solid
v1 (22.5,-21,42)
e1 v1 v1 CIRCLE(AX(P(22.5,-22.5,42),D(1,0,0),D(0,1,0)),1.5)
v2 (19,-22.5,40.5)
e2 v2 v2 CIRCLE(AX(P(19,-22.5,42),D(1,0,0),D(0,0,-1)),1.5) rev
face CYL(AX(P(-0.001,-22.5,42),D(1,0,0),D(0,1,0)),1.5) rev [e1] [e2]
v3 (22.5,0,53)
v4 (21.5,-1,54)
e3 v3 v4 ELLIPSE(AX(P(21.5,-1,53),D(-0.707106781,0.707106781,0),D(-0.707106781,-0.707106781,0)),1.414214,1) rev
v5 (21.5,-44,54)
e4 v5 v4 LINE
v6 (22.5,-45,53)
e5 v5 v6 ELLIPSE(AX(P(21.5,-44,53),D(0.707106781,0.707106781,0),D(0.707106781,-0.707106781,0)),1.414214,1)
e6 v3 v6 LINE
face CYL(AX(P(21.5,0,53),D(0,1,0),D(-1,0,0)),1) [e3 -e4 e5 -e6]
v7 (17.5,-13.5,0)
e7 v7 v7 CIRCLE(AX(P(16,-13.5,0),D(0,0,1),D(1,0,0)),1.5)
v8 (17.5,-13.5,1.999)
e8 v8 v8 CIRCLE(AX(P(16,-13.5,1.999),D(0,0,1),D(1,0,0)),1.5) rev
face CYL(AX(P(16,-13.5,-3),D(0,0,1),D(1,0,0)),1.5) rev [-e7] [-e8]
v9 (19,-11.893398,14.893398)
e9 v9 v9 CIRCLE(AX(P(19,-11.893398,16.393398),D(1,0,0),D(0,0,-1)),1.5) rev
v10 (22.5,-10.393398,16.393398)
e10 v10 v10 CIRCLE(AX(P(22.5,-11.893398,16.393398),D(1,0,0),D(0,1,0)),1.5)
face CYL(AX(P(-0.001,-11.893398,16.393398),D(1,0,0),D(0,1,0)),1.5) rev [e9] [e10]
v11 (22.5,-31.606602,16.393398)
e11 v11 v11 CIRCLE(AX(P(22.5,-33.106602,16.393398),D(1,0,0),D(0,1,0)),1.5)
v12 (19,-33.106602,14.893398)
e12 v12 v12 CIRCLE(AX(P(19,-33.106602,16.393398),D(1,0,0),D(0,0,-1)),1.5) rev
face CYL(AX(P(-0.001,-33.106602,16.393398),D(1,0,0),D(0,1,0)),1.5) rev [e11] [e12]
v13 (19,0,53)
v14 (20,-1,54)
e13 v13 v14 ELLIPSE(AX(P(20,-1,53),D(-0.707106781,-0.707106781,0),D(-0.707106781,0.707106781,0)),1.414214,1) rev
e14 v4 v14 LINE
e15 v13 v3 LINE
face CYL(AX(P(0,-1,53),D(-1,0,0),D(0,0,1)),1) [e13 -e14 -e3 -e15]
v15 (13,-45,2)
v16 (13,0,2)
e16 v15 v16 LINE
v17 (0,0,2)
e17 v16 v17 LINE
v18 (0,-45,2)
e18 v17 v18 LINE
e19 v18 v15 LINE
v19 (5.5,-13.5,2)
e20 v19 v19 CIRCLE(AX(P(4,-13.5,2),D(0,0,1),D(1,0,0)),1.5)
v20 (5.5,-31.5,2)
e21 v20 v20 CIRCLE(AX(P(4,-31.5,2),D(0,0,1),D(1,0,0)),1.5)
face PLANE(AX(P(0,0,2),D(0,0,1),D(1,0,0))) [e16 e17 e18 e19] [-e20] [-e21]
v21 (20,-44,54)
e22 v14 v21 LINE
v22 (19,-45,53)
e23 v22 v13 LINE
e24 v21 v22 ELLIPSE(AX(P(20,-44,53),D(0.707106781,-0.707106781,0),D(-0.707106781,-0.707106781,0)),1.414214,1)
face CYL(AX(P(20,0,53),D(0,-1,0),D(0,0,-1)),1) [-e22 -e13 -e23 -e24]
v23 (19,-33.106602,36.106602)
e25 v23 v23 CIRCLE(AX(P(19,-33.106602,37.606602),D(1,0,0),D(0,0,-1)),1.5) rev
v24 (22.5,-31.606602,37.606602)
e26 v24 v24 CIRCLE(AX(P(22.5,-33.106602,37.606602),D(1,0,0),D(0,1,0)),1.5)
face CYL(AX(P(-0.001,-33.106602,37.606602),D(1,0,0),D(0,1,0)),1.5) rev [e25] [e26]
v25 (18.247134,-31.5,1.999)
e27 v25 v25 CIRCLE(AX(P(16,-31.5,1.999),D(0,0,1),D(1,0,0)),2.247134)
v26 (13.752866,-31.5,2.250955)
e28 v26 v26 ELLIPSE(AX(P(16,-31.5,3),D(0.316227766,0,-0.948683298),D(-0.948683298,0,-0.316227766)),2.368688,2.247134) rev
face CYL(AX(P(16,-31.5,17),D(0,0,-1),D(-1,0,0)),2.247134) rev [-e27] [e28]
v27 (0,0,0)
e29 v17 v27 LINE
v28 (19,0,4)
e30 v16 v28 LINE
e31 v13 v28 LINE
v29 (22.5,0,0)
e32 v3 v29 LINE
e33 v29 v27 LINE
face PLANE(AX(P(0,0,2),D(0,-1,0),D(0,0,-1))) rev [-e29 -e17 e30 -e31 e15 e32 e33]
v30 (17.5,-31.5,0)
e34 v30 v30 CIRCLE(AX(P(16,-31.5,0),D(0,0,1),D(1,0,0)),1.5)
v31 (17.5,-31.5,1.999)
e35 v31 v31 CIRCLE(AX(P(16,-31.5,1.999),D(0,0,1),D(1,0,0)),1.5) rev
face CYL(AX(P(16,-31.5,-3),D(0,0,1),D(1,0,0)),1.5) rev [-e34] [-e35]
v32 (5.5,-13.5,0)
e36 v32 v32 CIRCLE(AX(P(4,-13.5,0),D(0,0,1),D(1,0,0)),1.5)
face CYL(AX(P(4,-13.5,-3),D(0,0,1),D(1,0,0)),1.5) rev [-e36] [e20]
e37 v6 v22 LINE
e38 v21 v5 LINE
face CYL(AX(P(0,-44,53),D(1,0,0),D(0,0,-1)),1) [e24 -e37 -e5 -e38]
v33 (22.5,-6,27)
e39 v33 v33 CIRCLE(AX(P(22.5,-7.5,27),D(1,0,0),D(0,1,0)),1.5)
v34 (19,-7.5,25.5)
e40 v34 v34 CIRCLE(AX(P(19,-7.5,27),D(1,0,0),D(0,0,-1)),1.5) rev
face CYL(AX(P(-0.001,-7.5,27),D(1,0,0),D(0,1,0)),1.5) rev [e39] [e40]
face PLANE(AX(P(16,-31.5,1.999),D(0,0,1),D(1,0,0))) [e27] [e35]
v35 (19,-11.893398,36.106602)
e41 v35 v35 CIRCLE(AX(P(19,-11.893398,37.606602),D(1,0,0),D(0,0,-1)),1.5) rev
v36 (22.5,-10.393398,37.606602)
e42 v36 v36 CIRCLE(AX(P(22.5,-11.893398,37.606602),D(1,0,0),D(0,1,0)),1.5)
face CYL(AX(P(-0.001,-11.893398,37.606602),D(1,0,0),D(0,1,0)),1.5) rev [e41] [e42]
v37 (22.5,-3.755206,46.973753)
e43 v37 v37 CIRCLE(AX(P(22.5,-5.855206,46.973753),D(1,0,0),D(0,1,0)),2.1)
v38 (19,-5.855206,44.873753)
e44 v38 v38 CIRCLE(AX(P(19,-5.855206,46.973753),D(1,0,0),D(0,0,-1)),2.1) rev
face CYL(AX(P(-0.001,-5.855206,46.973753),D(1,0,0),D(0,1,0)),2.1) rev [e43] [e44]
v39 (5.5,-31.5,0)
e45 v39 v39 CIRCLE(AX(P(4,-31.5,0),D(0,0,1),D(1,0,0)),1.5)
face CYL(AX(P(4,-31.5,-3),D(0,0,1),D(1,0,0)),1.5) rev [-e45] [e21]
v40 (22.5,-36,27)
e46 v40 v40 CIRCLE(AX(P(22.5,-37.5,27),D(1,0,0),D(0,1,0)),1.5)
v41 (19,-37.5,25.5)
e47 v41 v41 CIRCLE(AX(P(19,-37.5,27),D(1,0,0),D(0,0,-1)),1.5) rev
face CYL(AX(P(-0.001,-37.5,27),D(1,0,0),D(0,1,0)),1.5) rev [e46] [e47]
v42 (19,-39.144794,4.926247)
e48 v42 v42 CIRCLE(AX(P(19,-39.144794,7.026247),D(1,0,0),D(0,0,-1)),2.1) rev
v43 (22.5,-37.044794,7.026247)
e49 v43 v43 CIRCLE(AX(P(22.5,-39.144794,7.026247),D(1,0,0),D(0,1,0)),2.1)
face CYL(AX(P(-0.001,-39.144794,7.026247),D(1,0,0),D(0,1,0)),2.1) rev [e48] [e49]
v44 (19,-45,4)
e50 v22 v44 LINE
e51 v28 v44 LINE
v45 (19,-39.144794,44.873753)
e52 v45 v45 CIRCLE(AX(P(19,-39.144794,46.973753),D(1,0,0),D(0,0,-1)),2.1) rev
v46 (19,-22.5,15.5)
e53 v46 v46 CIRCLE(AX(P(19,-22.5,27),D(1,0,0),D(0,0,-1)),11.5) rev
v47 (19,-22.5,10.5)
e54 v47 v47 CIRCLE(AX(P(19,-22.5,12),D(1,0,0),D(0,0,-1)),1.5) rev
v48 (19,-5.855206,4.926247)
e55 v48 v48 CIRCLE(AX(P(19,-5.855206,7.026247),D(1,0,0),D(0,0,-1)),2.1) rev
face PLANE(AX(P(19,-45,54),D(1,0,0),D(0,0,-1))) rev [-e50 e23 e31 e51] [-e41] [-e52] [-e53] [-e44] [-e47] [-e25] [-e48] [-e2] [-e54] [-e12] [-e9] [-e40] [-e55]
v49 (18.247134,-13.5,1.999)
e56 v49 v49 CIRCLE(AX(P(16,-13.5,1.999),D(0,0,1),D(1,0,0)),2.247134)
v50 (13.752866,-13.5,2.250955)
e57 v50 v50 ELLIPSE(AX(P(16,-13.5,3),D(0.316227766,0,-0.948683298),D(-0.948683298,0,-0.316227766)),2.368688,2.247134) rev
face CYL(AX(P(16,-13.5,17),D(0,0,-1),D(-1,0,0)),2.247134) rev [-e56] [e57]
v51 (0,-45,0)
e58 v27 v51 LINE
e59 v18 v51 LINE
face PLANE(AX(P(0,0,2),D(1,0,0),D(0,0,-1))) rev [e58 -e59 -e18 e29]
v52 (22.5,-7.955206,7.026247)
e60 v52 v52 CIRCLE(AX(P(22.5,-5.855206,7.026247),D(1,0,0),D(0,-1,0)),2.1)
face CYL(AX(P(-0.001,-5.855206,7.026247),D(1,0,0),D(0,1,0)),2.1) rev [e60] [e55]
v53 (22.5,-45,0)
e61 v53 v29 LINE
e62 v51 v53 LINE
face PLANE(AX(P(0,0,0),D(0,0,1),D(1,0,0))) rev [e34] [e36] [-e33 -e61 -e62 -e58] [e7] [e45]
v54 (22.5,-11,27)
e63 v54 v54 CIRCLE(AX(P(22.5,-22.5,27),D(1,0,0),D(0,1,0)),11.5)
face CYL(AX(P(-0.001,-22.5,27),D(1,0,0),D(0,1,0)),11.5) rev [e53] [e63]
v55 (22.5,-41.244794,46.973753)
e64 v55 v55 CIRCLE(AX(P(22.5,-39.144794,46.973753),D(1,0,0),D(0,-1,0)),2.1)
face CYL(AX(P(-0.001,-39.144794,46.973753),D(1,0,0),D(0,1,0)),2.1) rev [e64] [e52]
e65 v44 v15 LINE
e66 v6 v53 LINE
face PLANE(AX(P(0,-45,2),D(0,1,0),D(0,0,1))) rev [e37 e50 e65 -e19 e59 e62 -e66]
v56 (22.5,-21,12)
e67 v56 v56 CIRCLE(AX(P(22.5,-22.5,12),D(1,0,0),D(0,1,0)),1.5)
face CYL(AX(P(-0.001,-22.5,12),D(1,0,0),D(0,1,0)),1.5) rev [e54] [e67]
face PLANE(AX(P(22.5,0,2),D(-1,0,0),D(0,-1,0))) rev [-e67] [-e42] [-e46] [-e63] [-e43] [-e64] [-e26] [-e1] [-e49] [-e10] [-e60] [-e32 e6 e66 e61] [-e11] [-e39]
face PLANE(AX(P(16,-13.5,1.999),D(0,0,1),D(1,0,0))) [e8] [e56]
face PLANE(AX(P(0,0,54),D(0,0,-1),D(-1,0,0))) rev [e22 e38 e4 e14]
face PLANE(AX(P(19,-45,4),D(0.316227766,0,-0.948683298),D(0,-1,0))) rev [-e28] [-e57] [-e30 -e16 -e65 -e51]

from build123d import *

# Parameters (mm, degrees)
SKETCH_1_W               = 22.5
SKETCH_1_H               = 45
EXTRUDE_1_DEPTH          = 2
SKETCH_2_W               = 3.5
SKETCH_2_H               = 45
EXTRUDE_2_DEPTH          = 52
CUT_EXTRUDE_2_REACH      = 24.5
SKETCH_3_R               = 2.1
SKETCH_3_R_2             = 11.5
SKETCH_3_R_3             = 1.5
CHAMFER_1_SIZE           = 6
CHAMFER_1_SIZE2          = 2
FILLET_1_R               = 1
SKETCH_4_R               = 1.5
CUT_EXTRUDE_3_DEPTH      = 5
SKETCH_5_R               = 2.24713436
CUT_EXTRUDE_4_DEPTH      = 15
CUT_EXTRUDE_4_DEPTH_BACK = 0.001


with BuildPart() as part:
    # 草图1 → 凸台-拉伸1 (new body)
    with BuildSketch(Plane.XY):
        with Locations((11.25, -22.5)):
            Rectangle(SKETCH_1_W, SKETCH_1_H)
    extrude(amount=EXTRUDE_1_DEPTH)

    # 草图2 → 凸台-拉伸2 (add)
    with BuildSketch(Plane.XY.offset(2)):
        with Locations((20.75, -22.5)):
            Rectangle(SKETCH_2_W, SKETCH_2_H)
    extrude(amount=EXTRUDE_2_DEPTH)

    # 草图3 → 切除-拉伸2 (cut, up to next)
    with BuildSketch(Plane(origin=(22.5, 0, 0), x_dir=(0, 0, -1), z_dir=(1, 0, 0)), mode=Mode.PRIVATE) as cut_extrude_2_sk1:
        with Locations((-46.97375327, -5.855205609)):
            Circle(SKETCH_3_R)
    cut_extrude_2_tool1 = extrude(cut_extrude_2_sk1.sketch, amount=-CUT_EXTRUDE_2_REACH, mode=Mode.PRIVATE) & part.part
    add(cut_extrude_2_tool1.solids().sort_by_distance((22.5, -5.855206, 46.973753))[0], mode=Mode.SUBTRACT)
    # 草图3 → 切除-拉伸2 (cut, up to next)
    with BuildSketch(Plane(origin=(22.5, 0, 0), x_dir=(0, 0, -1), z_dir=(1, 0, 0)), mode=Mode.PRIVATE) as cut_extrude_2_sk2:
        with Locations((-7.02624673, -39.144794391)):
            Circle(SKETCH_3_R)
    cut_extrude_2_tool2 = extrude(cut_extrude_2_sk2.sketch, amount=-CUT_EXTRUDE_2_REACH, mode=Mode.PRIVATE) & part.part
    add(cut_extrude_2_tool2.solids().sort_by_distance((22.5, -39.144794, 7.026247))[0], mode=Mode.SUBTRACT)
    # 草图3 → 切除-拉伸2 (cut, up to next)
    with BuildSketch(Plane(origin=(22.5, 0, 0), x_dir=(0, 0, -1), z_dir=(1, 0, 0)), mode=Mode.PRIVATE) as cut_extrude_2_sk3:
        with Locations((-27, -22.5)):
            Circle(SKETCH_3_R_2)
    cut_extrude_2_tool3 = extrude(cut_extrude_2_sk3.sketch, amount=-CUT_EXTRUDE_2_REACH, mode=Mode.PRIVATE) & part.part
    add(cut_extrude_2_tool3.solids().sort_by_distance((22.5, -22.5, 27))[0], mode=Mode.SUBTRACT)
    # 草图3 → 切除-拉伸2 (cut, up to next)
    with BuildSketch(Plane(origin=(22.5, 0, 0), x_dir=(0, 0, -1), z_dir=(1, 0, 0)), mode=Mode.PRIVATE) as cut_extrude_2_sk4:
        with Locations((-46.97375327, -39.144794391)):
            Circle(SKETCH_3_R)
    cut_extrude_2_tool4 = extrude(cut_extrude_2_sk4.sketch, amount=-CUT_EXTRUDE_2_REACH, mode=Mode.PRIVATE) & part.part
    add(cut_extrude_2_tool4.solids().sort_by_distance((22.5, -39.144794, 46.973753))[0], mode=Mode.SUBTRACT)
    # 草图3 → 切除-拉伸2 (cut, up to next)
    with BuildSketch(Plane(origin=(22.5, 0, 0), x_dir=(0, 0, -1), z_dir=(1, 0, 0)), mode=Mode.PRIVATE) as cut_extrude_2_sk5:
        with Locations((-7.02624673, -5.855205609)):
            Circle(SKETCH_3_R)
    cut_extrude_2_tool5 = extrude(cut_extrude_2_sk5.sketch, amount=-CUT_EXTRUDE_2_REACH, mode=Mode.PRIVATE) & part.part
    add(cut_extrude_2_tool5.solids().sort_by_distance((22.5, -5.855206, 7.026247))[0], mode=Mode.SUBTRACT)
    # 草图3 → 切除-拉伸2 (cut, up to next)
    with BuildSketch(Plane(origin=(22.5, 0, 0), x_dir=(0, 0, -1), z_dir=(1, 0, 0)), mode=Mode.PRIVATE) as cut_extrude_2_sk6:
        with Locations((-42, -22.5)):
            Circle(SKETCH_3_R_3)
    cut_extrude_2_tool6 = extrude(cut_extrude_2_sk6.sketch, amount=-CUT_EXTRUDE_2_REACH, mode=Mode.PRIVATE) & part.part
    add(cut_extrude_2_tool6.solids().sort_by_distance((22.5, -22.5, 42))[0], mode=Mode.SUBTRACT)
    # 草图3 → 切除-拉伸2 (cut, up to next)
    with BuildSketch(Plane(origin=(22.5, 0, 0), x_dir=(0, 0, -1), z_dir=(1, 0, 0)), mode=Mode.PRIVATE) as cut_extrude_2_sk7:
        with Locations((-37.606601718, -11.893398282)):
            Circle(SKETCH_3_R_3)
    cut_extrude_2_tool7 = extrude(cut_extrude_2_sk7.sketch, amount=-CUT_EXTRUDE_2_REACH, mode=Mode.PRIVATE) & part.part
    add(cut_extrude_2_tool7.solids().sort_by_distance((22.5, -11.893398, 37.606602))[0], mode=Mode.SUBTRACT)
    # 草图3 → 切除-拉伸2 (cut, up to next)
    with BuildSketch(Plane(origin=(22.5, 0, 0), x_dir=(0, 0, -1), z_dir=(1, 0, 0)), mode=Mode.PRIVATE) as cut_extrude_2_sk8:
        with Locations((-27, -7.5)):
            Circle(SKETCH_3_R_3)
    cut_extrude_2_tool8 = extrude(cut_extrude_2_sk8.sketch, amount=-CUT_EXTRUDE_2_REACH, mode=Mode.PRIVATE) & part.part
    add(cut_extrude_2_tool8.solids().sort_by_distance((22.5, -7.5, 27))[0], mode=Mode.SUBTRACT)
    # 草图3 → 切除-拉伸2 (cut, up to next)
    with BuildSketch(Plane(origin=(22.5, 0, 0), x_dir=(0, 0, -1), z_dir=(1, 0, 0)), mode=Mode.PRIVATE) as cut_extrude_2_sk9:
        with Locations((-16.393398282, -11.893398282)):
            Circle(SKETCH_3_R_3)
    cut_extrude_2_tool9 = extrude(cut_extrude_2_sk9.sketch, amount=-CUT_EXTRUDE_2_REACH, mode=Mode.PRIVATE) & part.part
    add(cut_extrude_2_tool9.solids().sort_by_distance((22.5, -11.893398, 16.393398))[0], mode=Mode.SUBTRACT)
    # 草图3 → 切除-拉伸2 (cut, up to next)
    with BuildSketch(Plane(origin=(22.5, 0, 0), x_dir=(0, 0, -1), z_dir=(1, 0, 0)), mode=Mode.PRIVATE) as cut_extrude_2_sk10:
        with Locations((-12, -22.5)):
            Circle(SKETCH_3_R_3)
    cut_extrude_2_tool10 = extrude(cut_extrude_2_sk10.sketch, amount=-CUT_EXTRUDE_2_REACH, mode=Mode.PRIVATE) & part.part
    add(cut_extrude_2_tool10.solids().sort_by_distance((22.5, -22.5, 12))[0], mode=Mode.SUBTRACT)
    # 草图3 → 切除-拉伸2 (cut, up to next)
    with BuildSketch(Plane(origin=(22.5, 0, 0), x_dir=(0, 0, -1), z_dir=(1, 0, 0)), mode=Mode.PRIVATE) as cut_extrude_2_sk11:
        with Locations((-16.393398282, -33.106601718)):
            Circle(SKETCH_3_R_3)
    cut_extrude_2_tool11 = extrude(cut_extrude_2_sk11.sketch, amount=-CUT_EXTRUDE_2_REACH, mode=Mode.PRIVATE) & part.part
    add(cut_extrude_2_tool11.solids().sort_by_distance((22.5, -33.106602, 16.393398))[0], mode=Mode.SUBTRACT)
    # 草图3 → 切除-拉伸2 (cut, up to next)
    with BuildSketch(Plane(origin=(22.5, 0, 0), x_dir=(0, 0, -1), z_dir=(1, 0, 0)), mode=Mode.PRIVATE) as cut_extrude_2_sk12:
        with Locations((-27, -37.5)):
            Circle(SKETCH_3_R_3)
    cut_extrude_2_tool12 = extrude(cut_extrude_2_sk12.sketch, amount=-CUT_EXTRUDE_2_REACH, mode=Mode.PRIVATE) & part.part
    add(cut_extrude_2_tool12.solids().sort_by_distance((22.5, -37.5, 27))[0], mode=Mode.SUBTRACT)
    # 草图3 → 切除-拉伸2 (cut, up to next)
    with BuildSketch(Plane(origin=(22.5, 0, 0), x_dir=(0, 0, -1), z_dir=(1, 0, 0)), mode=Mode.PRIVATE) as cut_extrude_2_sk13:
        with Locations((-37.606601718, -33.106601718)):
            Circle(SKETCH_3_R_3)
    cut_extrude_2_tool13 = extrude(cut_extrude_2_sk13.sketch, amount=-CUT_EXTRUDE_2_REACH, mode=Mode.PRIVATE) & part.part
    add(cut_extrude_2_tool13.solids().sort_by_distance((22.5, -33.106602, 37.606602))[0], mode=Mode.SUBTRACT)

    # 倒角1
    chamfer_1_edges = [part.edges().sort_by_distance(p)[0] for p in [
        (19, -22.5, 2),
    ]]
    chamfer_1_side = [part.faces().sort_by_distance(p)[0] for p in [
        (9.5, -22.5, 2),
    ]]
    chamfer(chamfer_1_edges, length=CHAMFER_1_SIZE, length2=CHAMFER_1_SIZE2, reference=chamfer_1_side[0])

    # 圆角1
    fillet_1_edges = [part.edges().sort_by_distance(p)[0] for p in [
        (20.75, 0, 54),
        (19, -22.5, 54),
        (20.75, -45, 54),
        (22.5, -22.5, 54),
    ]]
    fillet(fillet_1_edges, radius=FILLET_1_R)

    # 草图4 → 切除-拉伸3 (cut, symmetric)
    with BuildSketch(Plane.XY.offset(2)):
        with Locations((4, -31.5)):
            Circle(SKETCH_4_R)
        with Locations((4, -13.5)):
            Circle(SKETCH_4_R)
        with Locations((16, -13.5)):
            Circle(SKETCH_4_R)
        with Locations((16, -31.5)):
            Circle(SKETCH_4_R)
    extrude(amount=CUT_EXTRUDE_3_DEPTH, both=True, mode=Mode.SUBTRACT)

    # 草图5 → 切除-拉伸4 (cut, two sides)
    with BuildSketch(Plane.XY.offset(2)) as cut_extrude_4_sk:
        with Locations((16, -13.5)):
            Circle(SKETCH_5_R)
        with Locations((16, -31.5)):
            Circle(SKETCH_5_R)
    extrude(amount=CUT_EXTRUDE_4_DEPTH, mode=Mode.SUBTRACT)
    extrude(cut_extrude_4_sk.sketch, amount=-CUT_EXTRUDE_4_DEPTH_BACK, mode=Mode.SUBTRACT)


solid = part.part
